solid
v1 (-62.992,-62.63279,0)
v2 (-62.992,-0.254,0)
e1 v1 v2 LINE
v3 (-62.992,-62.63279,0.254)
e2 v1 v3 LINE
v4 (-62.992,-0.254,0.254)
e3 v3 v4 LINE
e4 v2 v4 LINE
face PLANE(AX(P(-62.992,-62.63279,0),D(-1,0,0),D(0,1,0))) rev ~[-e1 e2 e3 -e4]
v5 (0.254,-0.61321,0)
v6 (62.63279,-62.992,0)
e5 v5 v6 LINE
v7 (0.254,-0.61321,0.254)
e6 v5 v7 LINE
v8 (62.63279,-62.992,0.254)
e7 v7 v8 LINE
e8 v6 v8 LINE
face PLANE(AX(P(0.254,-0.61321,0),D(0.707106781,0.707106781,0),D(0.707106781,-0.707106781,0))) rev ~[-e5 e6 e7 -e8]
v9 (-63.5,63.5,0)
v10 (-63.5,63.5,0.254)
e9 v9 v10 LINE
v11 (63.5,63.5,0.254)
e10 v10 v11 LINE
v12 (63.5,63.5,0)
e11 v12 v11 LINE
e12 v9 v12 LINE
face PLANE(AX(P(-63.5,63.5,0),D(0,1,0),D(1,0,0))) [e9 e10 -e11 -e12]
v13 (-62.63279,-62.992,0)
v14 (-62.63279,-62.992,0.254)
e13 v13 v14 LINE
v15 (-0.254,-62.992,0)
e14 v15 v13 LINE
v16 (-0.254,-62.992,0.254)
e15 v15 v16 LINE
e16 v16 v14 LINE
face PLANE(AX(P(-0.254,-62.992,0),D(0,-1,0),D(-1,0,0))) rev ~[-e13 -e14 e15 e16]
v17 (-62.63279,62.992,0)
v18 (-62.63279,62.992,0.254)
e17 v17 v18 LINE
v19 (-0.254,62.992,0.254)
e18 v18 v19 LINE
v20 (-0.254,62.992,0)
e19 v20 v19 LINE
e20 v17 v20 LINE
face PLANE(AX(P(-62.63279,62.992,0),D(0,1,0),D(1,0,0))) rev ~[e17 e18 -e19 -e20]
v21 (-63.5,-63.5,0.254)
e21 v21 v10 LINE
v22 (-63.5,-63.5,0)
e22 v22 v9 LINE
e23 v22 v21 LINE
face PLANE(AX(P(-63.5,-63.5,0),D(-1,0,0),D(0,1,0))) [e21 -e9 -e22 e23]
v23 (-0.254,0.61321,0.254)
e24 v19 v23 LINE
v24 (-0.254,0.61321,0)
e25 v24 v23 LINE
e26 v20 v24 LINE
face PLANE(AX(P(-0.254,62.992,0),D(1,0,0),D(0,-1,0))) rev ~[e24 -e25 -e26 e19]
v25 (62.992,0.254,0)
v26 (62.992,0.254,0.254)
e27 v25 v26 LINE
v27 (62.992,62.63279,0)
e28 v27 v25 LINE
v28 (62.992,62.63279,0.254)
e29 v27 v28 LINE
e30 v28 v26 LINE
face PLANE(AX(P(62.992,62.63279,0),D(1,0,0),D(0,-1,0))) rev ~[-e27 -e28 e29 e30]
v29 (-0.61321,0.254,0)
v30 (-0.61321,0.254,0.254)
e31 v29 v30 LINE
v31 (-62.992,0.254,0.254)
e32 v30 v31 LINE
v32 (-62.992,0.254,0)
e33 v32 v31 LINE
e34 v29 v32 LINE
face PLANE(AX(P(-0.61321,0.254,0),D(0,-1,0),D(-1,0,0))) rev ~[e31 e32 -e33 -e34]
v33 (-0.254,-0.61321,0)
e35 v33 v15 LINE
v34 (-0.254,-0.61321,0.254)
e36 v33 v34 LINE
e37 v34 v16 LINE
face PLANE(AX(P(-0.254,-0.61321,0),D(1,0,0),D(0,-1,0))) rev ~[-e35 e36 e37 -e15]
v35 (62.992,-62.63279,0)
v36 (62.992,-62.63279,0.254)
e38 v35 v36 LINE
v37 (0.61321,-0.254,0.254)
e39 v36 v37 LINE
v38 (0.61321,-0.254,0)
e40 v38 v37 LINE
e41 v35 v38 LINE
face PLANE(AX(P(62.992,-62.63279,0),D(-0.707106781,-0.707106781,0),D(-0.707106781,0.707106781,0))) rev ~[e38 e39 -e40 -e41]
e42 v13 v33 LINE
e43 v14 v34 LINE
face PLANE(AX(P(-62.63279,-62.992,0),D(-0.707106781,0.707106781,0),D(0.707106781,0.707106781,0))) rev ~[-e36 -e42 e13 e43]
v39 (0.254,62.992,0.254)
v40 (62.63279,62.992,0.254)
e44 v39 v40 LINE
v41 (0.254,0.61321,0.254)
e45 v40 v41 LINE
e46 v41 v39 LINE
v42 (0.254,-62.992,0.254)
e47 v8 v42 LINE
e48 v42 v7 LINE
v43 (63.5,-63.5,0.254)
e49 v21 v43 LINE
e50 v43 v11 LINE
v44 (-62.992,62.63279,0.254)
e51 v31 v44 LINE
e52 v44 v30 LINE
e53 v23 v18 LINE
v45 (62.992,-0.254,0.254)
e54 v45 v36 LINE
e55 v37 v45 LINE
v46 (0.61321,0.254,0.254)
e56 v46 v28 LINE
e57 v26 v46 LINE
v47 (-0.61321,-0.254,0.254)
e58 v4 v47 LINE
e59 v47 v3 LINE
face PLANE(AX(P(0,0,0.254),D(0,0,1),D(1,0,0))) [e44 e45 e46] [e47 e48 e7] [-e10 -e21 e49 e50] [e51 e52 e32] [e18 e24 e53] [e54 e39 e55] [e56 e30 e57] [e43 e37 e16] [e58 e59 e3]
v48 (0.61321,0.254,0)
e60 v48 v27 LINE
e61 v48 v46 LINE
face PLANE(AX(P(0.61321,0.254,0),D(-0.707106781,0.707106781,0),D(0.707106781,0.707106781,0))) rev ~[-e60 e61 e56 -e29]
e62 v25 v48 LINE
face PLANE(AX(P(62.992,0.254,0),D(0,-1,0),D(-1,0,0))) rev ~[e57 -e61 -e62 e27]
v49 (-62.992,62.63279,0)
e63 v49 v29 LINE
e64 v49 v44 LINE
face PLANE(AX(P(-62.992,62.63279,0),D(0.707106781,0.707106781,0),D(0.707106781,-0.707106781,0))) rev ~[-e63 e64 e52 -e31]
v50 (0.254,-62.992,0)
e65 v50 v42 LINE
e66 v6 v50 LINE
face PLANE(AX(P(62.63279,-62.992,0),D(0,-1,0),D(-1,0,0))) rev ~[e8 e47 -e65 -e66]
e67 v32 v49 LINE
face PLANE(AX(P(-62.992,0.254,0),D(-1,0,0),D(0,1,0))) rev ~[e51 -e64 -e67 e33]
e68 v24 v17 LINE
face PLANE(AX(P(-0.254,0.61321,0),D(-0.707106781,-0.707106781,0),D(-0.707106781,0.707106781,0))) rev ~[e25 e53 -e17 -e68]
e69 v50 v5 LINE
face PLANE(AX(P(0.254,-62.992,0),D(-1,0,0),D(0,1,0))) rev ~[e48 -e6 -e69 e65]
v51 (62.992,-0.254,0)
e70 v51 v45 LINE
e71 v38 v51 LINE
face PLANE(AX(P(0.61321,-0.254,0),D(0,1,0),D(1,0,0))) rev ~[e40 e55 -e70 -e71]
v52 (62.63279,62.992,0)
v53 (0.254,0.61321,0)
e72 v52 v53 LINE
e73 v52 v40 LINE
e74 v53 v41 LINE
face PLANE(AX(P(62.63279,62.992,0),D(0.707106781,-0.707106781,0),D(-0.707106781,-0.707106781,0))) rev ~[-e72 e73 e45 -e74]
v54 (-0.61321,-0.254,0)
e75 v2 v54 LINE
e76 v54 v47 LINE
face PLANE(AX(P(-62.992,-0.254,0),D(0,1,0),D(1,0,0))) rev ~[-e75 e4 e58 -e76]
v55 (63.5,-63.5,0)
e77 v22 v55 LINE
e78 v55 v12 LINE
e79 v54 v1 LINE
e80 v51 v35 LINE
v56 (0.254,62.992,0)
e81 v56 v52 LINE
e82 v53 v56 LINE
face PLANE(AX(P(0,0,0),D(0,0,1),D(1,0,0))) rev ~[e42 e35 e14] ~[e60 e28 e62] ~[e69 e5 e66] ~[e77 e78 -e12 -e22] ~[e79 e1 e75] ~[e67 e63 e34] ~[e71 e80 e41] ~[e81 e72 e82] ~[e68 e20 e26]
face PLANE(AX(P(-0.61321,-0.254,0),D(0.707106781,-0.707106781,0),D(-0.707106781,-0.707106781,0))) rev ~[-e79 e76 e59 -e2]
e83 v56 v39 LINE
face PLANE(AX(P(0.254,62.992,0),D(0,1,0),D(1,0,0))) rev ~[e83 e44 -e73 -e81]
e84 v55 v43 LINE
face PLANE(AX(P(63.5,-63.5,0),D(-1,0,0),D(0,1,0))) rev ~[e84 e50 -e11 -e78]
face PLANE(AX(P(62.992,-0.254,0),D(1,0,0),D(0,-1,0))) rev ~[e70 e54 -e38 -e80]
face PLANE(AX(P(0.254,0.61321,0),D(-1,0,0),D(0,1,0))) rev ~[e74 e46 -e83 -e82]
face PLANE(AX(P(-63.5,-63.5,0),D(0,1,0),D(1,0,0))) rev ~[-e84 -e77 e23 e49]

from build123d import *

# Parameters (mm, degrees)
F1_W     = 127
F1_H     = 127
F2_DEPTH = 0.254


with BuildPart() as f2:
    # F1 (on Top) → F2 (new body)
    with BuildSketch(Plane.XY):
        Rectangle(F1_W, F1_H)
        Polygon((-0.254, -62.992), (-62.63279, -62.992), (-0.254, -0.61321), align=None, mode=Mode.SUBTRACT)
        Polygon((-0.61321, -0.254), (-62.992, -62.63279), (-62.992, -0.254), align=None, mode=Mode.SUBTRACT)
        Polygon((62.63279, -62.992), (0.254, -62.992), (0.254, -0.61321), align=None, mode=Mode.SUBTRACT)
        Polygon((62.992, -0.254), (62.992, -62.63279), (0.61321, -0.254), align=None, mode=Mode.SUBTRACT)
        Polygon((-62.992, 0.254), (-62.992, 62.63279), (-0.61321, 0.254), align=None, mode=Mode.SUBTRACT)
        Polygon((-0.254, 0.61321), (-62.63279, 62.992), (-0.254, 62.992), align=None, mode=Mode.SUBTRACT)
        Polygon((0.61321, 0.254), (62.992, 62.63279), (62.992, 0.254), align=None, mode=Mode.SUBTRACT)
        Polygon((0.254, 0.61321), (0.254, 62.992), (62.63279, 62.992), align=None, mode=Mode.SUBTRACT)
    extrude(amount=F2_DEPTH)


solid = f2.part
